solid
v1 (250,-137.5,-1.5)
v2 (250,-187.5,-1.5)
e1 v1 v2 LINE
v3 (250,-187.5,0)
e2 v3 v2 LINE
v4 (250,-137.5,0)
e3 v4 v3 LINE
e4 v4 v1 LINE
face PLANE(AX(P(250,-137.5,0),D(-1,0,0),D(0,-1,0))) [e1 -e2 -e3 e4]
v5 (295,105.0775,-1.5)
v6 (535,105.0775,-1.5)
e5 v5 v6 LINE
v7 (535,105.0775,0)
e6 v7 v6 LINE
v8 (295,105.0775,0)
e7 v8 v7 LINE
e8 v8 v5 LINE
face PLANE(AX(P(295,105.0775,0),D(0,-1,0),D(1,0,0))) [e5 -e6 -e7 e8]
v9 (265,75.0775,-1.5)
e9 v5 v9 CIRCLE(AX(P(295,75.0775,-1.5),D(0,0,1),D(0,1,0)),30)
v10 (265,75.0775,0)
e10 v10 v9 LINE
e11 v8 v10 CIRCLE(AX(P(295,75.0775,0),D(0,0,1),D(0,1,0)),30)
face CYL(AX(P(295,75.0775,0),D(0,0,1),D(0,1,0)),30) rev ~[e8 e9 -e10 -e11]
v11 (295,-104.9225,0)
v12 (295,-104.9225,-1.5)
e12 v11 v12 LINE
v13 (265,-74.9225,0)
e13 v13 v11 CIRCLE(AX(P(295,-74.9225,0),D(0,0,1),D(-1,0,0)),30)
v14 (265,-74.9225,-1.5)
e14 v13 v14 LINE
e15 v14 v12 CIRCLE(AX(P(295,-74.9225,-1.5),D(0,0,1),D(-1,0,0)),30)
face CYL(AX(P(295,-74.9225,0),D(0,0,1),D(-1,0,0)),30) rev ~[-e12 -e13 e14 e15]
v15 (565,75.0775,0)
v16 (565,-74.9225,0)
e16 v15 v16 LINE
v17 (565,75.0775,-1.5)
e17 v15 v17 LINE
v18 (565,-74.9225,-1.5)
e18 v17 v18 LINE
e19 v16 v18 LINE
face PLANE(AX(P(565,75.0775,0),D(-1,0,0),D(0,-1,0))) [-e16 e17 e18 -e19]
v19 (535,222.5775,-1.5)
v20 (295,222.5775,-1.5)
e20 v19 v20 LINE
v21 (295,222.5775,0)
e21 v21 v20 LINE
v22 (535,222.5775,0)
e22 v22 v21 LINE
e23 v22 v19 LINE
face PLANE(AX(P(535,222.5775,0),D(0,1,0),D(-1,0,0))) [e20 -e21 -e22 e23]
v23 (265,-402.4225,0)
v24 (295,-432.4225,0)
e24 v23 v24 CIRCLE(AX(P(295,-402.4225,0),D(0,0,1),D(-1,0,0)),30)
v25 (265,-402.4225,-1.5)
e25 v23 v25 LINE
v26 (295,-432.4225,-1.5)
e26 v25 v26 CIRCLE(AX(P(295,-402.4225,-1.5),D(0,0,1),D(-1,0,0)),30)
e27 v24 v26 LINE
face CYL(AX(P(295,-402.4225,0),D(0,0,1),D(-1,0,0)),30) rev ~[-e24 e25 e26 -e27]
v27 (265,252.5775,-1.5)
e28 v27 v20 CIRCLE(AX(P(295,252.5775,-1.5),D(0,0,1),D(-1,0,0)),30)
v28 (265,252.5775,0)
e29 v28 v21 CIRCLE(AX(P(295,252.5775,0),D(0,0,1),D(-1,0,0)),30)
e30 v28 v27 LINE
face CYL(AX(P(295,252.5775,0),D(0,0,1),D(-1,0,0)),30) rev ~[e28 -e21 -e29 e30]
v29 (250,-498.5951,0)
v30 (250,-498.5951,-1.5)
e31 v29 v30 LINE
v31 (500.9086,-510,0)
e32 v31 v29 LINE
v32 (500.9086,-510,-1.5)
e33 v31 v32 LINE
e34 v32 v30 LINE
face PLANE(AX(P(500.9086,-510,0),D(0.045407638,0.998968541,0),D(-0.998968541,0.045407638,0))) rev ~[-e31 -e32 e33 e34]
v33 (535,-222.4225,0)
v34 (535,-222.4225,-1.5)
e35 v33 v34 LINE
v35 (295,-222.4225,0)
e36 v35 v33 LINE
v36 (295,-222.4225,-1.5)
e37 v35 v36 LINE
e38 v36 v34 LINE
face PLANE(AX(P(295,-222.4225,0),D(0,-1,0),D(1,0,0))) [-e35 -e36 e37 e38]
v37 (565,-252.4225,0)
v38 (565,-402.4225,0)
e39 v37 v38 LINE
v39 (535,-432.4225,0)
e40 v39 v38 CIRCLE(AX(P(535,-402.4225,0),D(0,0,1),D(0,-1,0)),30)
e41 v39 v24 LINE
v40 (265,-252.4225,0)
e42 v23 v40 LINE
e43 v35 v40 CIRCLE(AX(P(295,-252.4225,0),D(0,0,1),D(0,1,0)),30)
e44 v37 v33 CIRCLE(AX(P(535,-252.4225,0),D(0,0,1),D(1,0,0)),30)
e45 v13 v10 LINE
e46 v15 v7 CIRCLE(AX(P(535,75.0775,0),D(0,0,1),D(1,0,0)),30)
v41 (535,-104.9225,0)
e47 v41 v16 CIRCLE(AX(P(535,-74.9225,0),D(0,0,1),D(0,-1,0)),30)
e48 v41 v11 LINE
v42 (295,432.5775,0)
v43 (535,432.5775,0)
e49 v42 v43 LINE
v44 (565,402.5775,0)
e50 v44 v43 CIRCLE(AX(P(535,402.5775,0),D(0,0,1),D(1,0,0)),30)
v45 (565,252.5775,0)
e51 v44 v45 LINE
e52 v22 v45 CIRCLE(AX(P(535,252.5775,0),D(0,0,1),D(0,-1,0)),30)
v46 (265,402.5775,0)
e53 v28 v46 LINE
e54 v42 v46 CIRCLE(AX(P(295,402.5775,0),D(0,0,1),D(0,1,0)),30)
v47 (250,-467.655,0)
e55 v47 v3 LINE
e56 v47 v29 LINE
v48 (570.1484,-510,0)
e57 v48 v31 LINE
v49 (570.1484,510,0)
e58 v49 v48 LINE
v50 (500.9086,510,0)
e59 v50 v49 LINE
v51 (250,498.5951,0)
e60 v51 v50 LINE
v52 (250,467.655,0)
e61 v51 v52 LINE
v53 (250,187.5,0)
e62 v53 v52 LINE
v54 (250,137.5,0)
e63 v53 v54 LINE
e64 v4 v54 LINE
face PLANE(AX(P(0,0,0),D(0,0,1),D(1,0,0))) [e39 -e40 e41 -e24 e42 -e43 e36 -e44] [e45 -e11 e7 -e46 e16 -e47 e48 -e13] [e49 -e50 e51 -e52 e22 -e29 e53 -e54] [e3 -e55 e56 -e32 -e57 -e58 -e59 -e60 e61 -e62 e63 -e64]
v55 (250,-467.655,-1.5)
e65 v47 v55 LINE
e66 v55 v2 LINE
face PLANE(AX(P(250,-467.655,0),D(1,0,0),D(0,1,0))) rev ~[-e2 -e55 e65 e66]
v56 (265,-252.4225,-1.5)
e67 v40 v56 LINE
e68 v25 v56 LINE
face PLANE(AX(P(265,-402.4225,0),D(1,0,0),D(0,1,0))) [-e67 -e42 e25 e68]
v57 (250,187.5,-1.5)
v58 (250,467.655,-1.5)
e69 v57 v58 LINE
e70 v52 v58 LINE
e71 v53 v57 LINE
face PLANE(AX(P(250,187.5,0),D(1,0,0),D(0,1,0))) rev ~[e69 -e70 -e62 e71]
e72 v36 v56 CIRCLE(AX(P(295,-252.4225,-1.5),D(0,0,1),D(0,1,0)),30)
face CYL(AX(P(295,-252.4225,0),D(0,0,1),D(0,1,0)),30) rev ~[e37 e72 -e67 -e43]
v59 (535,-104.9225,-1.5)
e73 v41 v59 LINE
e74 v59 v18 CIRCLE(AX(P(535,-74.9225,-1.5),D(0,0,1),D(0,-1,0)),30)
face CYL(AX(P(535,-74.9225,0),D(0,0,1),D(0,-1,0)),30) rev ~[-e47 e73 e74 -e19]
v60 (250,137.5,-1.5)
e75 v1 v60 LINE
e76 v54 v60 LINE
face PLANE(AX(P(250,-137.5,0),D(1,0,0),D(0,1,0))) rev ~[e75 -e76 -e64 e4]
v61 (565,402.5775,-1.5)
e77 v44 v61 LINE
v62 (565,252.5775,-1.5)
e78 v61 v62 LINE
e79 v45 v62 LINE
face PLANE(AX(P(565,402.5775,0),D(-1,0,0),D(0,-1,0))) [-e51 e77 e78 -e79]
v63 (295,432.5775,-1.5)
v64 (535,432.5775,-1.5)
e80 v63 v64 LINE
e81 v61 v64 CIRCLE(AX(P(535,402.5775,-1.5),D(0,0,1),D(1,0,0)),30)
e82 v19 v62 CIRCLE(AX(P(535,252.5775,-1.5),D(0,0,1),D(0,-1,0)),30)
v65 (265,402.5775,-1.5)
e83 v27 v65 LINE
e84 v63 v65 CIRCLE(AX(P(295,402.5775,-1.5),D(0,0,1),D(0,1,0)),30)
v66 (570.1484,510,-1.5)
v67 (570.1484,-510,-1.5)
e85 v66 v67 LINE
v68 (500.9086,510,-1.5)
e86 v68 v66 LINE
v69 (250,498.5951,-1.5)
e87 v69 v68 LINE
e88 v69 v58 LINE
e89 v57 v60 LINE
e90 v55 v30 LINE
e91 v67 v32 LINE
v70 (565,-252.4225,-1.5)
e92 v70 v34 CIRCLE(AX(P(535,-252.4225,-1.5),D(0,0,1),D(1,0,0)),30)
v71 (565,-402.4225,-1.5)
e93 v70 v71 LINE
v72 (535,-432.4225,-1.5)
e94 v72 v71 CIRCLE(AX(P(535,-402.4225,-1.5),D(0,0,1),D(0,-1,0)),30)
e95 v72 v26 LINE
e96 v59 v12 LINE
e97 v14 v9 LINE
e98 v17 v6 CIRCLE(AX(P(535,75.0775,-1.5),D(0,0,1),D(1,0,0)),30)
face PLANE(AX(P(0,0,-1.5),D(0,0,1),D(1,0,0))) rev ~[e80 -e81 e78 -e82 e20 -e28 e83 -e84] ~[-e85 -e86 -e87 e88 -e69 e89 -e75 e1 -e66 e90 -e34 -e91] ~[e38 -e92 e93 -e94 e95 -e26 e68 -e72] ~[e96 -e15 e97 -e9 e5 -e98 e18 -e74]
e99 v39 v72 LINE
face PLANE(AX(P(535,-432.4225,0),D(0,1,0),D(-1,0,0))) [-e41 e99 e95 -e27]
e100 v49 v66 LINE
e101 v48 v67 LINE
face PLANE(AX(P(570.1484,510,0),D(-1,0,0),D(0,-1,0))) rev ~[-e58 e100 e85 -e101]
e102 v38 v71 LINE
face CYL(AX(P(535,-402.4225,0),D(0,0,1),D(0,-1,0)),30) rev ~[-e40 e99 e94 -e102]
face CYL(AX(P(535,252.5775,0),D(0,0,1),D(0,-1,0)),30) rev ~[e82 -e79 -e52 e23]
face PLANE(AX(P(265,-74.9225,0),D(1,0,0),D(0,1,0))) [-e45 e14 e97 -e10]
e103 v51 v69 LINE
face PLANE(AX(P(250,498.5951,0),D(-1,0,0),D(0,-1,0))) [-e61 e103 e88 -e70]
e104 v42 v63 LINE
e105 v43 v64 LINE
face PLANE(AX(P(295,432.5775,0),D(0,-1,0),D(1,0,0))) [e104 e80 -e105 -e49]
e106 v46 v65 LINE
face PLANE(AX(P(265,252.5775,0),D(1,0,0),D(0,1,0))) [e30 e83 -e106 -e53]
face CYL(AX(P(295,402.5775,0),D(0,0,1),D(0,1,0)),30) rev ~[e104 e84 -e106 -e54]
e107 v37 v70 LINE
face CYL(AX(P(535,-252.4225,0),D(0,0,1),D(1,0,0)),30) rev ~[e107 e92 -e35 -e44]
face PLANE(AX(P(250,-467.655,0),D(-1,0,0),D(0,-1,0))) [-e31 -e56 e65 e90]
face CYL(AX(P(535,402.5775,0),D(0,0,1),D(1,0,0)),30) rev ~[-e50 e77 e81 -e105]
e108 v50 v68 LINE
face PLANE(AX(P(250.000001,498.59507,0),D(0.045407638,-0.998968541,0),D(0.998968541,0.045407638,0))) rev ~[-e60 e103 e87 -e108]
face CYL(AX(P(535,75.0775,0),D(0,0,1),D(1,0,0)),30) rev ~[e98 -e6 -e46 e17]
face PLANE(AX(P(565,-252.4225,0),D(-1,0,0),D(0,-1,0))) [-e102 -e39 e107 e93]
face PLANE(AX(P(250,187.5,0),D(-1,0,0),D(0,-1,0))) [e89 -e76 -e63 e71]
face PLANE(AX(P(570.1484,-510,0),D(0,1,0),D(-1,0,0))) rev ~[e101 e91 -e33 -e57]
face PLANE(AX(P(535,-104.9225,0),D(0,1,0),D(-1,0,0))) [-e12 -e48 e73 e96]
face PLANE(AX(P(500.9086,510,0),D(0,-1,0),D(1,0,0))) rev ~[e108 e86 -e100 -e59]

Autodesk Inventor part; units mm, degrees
ref_plane "YZ Plane" through (0, 0, 0) normal (1, 0, 0) x (0, 1, 0)
ref_plane "XZ Plane" through (0, 0, 0) normal (0, 1, 0) x (-1, 0, 0)
ref_plane "Work Plane1" through (0, 0, 0) normal (0, 0, 1) x (1, 0, 0)
sketch "Sketch1" plane through (0, 0, 0) normal (0, 0, 1) x (1, 0, 0)
  arc A0 (535, 222.5775) -> (565, 252.5775) centre (535, 252.5775) ccw
  line L0 (535, 222.5775) -> (295, 222.5775)
  arc A1 (265, 252.5775) -> (295, 222.5775) centre (295, 252.5775) ccw
  line L1 (265, 252.5775) -> (265, 402.5775)
  arc A2 (295, 432.5775) -> (265, 402.5775) centre (295, 402.5775) ccw
  line L2 (295, 432.5775) -> (535, 432.5775)
  arc A3 (565, 402.5775) -> (535, 432.5775) centre (535, 402.5775) ccw
  line L3 (565, 402.5775) -> (565, 252.5775)
  arc A4 (535, -104.9225) -> (565, -74.9225) centre (535, -74.9225) ccw
  line L4 (535, -104.9225) -> (295, -104.9225)
  arc A5 (265, -74.9225) -> (295, -104.9225) centre (295, -74.9225) ccw
  line L5 (265, -74.9225) -> (265, 75.0775)
  arc A6 (295, 105.0775) -> (265, 75.0775) centre (295, 75.0775) ccw
  line L6 (295, 105.0775) -> (535, 105.0775)
  arc A7 (565, 75.0775) -> (535, 105.0775) centre (535, 75.0775) ccw
  line L7 (565, 75.0775) -> (565, -74.9225)
  line L8 (565, -252.4225) -> (565, -402.4225)
  arc A8 (535, -432.4225) -> (565, -402.4225) centre (535, -402.4225) ccw
  line L9 (535, -432.4225) -> (295, -432.4225)
  arc A9 (265, -402.4225) -> (295, -432.4225) centre (295, -402.4225) ccw
  line L10 (265, -402.4225) -> (265, -252.4225)
  arc A10 (295, -222.4225) -> (265, -252.4225) centre (295, -252.4225) ccw
  line L11 (295, -222.4225) -> (535, -222.4225)
  arc A11 (565, -252.4225) -> (535, -222.4225) centre (535, -252.4225) ccw
  line L12 (-550, 375.7749) -> (-550, 187.5)
  arc A12 (-473.6326, 455.6923) -> (-550, 375.7749) centre (-470, 375.7749) ccw
  line L13 (229.0918, 487.6344) -> (-473.6326, 455.6923)
  arc A13 (250, 467.655) -> (229.0918, 487.6344) centre (230, 467.655) ccw
  line L14 (250, 187.5) -> (250, 467.655)
  arc A14 (230, 167.5) -> (250, 187.5) centre (230, 187.5) ccw
  line L15 (-530, 167.5) -> (230, 167.5)
  arc A15 (-550, 187.5) -> (-530, 167.5) centre (-530, 187.5) ccw
  arc A16 (250, -187.5) -> (230, -167.5) centre (230, -187.5) ccw
  line L16 (250, -467.655) -> (250, -187.5)
  arc A17 (229.0918, -487.6344) -> (250, -467.655) centre (230, -467.655) ccw
  line L17 (-473.6326, -455.6923) -> (229.0918, -487.6344)
  arc A18 (-550, -375.7749) -> (-473.6326, -455.6923) centre (-470, -375.7749) ccw
  line L18 (-550, -187.5) -> (-550, -375.7749)
  arc A19 (-530, -167.5) -> (-550, -187.5) centre (-530, -187.5) ccw
  line L19 (230, -167.5) -> (-530, -167.5)
  line L20 (-550, 137.5) -> (-550, -137.5)
  arc A20 (-530, 157.5) -> (-550, 137.5) centre (-530, 137.5) ccw
  line L21 (230, 157.5) -> (-530, 157.5)
  arc A21 (250, 137.5) -> (230, 157.5) centre (230, 137.5) ccw
  line L22 (250, -137.5) -> (250, 137.5)
  arc A22 (230, -157.5) -> (250, -137.5) centre (230, -137.5) ccw
  line L23 (-530, -157.5) -> (230, -157.5)
  arc A23 (-550, -137.5) -> (-530, -157.5) centre (-530, -137.5) ccw
  line L24 (570.1484, 510) -> (570.1484, -510)
  line L25 (500.9086, 510) -> (570.1484, 510)
  line L26 (-474.4993, 465.6633) -> (500.9086, 510)
  arc A24 (-474.4993, 465.6633) -> (-559.5063, 385.1982) centre (-470, 375.7749) ccw
  line L27 (-570.7648, 375.1108) -> (-559.5063, 385.1982)
  line L28 (-600, 375.7749) -> (-570.7648, 375.1108)
  line L29 (-600, -375.7749) -> (-600, 375.7749)
  line L30 (-570.7648, -375.1108) -> (-600, -375.7749)
  line L31 (-559.5063, -385.1982) -> (-570.7648, -375.1108)
  arc A25 (-559.5063, -385.1982) -> (-474.4993, -465.6633) centre (-470, -375.7749) ccw
  line L32 (500.9086, -510) -> (-474.4993, -465.6633)
  line L33 (570.1484, -510) -> (500.9086, -510)
  line L34 (250, 498.5951) -> (250, -498.5951)
  point P0 (0, 0)
extrude "Plate1" add sketch "Sketch1" against normal blind 1.5 contours L34 L26 L25 L24 L33 L32 L16 L22 L14
equation "\"d0\" = Thickness"
equation "\"BendRadius\" = Thickness"
equation "\"BendReliefWidth\" = Thickness"
equation "\"BendReliefDepth\" = 0.5 * Thickness"
equation "\"CornerReliefSize\" = 4 * Thickness"
equation "\"MinimumRemnant\" = 2 * Thickness"
equation "\"TransitionRadius\" = BendRadius"
equation "\"JacobiRadiusSize\" = BendRadius"
equation "\"GapSize\" = Thickness"
equation "\"Thickness\" = 1.5"
properties part number "CARCASA_ALUM_5"
